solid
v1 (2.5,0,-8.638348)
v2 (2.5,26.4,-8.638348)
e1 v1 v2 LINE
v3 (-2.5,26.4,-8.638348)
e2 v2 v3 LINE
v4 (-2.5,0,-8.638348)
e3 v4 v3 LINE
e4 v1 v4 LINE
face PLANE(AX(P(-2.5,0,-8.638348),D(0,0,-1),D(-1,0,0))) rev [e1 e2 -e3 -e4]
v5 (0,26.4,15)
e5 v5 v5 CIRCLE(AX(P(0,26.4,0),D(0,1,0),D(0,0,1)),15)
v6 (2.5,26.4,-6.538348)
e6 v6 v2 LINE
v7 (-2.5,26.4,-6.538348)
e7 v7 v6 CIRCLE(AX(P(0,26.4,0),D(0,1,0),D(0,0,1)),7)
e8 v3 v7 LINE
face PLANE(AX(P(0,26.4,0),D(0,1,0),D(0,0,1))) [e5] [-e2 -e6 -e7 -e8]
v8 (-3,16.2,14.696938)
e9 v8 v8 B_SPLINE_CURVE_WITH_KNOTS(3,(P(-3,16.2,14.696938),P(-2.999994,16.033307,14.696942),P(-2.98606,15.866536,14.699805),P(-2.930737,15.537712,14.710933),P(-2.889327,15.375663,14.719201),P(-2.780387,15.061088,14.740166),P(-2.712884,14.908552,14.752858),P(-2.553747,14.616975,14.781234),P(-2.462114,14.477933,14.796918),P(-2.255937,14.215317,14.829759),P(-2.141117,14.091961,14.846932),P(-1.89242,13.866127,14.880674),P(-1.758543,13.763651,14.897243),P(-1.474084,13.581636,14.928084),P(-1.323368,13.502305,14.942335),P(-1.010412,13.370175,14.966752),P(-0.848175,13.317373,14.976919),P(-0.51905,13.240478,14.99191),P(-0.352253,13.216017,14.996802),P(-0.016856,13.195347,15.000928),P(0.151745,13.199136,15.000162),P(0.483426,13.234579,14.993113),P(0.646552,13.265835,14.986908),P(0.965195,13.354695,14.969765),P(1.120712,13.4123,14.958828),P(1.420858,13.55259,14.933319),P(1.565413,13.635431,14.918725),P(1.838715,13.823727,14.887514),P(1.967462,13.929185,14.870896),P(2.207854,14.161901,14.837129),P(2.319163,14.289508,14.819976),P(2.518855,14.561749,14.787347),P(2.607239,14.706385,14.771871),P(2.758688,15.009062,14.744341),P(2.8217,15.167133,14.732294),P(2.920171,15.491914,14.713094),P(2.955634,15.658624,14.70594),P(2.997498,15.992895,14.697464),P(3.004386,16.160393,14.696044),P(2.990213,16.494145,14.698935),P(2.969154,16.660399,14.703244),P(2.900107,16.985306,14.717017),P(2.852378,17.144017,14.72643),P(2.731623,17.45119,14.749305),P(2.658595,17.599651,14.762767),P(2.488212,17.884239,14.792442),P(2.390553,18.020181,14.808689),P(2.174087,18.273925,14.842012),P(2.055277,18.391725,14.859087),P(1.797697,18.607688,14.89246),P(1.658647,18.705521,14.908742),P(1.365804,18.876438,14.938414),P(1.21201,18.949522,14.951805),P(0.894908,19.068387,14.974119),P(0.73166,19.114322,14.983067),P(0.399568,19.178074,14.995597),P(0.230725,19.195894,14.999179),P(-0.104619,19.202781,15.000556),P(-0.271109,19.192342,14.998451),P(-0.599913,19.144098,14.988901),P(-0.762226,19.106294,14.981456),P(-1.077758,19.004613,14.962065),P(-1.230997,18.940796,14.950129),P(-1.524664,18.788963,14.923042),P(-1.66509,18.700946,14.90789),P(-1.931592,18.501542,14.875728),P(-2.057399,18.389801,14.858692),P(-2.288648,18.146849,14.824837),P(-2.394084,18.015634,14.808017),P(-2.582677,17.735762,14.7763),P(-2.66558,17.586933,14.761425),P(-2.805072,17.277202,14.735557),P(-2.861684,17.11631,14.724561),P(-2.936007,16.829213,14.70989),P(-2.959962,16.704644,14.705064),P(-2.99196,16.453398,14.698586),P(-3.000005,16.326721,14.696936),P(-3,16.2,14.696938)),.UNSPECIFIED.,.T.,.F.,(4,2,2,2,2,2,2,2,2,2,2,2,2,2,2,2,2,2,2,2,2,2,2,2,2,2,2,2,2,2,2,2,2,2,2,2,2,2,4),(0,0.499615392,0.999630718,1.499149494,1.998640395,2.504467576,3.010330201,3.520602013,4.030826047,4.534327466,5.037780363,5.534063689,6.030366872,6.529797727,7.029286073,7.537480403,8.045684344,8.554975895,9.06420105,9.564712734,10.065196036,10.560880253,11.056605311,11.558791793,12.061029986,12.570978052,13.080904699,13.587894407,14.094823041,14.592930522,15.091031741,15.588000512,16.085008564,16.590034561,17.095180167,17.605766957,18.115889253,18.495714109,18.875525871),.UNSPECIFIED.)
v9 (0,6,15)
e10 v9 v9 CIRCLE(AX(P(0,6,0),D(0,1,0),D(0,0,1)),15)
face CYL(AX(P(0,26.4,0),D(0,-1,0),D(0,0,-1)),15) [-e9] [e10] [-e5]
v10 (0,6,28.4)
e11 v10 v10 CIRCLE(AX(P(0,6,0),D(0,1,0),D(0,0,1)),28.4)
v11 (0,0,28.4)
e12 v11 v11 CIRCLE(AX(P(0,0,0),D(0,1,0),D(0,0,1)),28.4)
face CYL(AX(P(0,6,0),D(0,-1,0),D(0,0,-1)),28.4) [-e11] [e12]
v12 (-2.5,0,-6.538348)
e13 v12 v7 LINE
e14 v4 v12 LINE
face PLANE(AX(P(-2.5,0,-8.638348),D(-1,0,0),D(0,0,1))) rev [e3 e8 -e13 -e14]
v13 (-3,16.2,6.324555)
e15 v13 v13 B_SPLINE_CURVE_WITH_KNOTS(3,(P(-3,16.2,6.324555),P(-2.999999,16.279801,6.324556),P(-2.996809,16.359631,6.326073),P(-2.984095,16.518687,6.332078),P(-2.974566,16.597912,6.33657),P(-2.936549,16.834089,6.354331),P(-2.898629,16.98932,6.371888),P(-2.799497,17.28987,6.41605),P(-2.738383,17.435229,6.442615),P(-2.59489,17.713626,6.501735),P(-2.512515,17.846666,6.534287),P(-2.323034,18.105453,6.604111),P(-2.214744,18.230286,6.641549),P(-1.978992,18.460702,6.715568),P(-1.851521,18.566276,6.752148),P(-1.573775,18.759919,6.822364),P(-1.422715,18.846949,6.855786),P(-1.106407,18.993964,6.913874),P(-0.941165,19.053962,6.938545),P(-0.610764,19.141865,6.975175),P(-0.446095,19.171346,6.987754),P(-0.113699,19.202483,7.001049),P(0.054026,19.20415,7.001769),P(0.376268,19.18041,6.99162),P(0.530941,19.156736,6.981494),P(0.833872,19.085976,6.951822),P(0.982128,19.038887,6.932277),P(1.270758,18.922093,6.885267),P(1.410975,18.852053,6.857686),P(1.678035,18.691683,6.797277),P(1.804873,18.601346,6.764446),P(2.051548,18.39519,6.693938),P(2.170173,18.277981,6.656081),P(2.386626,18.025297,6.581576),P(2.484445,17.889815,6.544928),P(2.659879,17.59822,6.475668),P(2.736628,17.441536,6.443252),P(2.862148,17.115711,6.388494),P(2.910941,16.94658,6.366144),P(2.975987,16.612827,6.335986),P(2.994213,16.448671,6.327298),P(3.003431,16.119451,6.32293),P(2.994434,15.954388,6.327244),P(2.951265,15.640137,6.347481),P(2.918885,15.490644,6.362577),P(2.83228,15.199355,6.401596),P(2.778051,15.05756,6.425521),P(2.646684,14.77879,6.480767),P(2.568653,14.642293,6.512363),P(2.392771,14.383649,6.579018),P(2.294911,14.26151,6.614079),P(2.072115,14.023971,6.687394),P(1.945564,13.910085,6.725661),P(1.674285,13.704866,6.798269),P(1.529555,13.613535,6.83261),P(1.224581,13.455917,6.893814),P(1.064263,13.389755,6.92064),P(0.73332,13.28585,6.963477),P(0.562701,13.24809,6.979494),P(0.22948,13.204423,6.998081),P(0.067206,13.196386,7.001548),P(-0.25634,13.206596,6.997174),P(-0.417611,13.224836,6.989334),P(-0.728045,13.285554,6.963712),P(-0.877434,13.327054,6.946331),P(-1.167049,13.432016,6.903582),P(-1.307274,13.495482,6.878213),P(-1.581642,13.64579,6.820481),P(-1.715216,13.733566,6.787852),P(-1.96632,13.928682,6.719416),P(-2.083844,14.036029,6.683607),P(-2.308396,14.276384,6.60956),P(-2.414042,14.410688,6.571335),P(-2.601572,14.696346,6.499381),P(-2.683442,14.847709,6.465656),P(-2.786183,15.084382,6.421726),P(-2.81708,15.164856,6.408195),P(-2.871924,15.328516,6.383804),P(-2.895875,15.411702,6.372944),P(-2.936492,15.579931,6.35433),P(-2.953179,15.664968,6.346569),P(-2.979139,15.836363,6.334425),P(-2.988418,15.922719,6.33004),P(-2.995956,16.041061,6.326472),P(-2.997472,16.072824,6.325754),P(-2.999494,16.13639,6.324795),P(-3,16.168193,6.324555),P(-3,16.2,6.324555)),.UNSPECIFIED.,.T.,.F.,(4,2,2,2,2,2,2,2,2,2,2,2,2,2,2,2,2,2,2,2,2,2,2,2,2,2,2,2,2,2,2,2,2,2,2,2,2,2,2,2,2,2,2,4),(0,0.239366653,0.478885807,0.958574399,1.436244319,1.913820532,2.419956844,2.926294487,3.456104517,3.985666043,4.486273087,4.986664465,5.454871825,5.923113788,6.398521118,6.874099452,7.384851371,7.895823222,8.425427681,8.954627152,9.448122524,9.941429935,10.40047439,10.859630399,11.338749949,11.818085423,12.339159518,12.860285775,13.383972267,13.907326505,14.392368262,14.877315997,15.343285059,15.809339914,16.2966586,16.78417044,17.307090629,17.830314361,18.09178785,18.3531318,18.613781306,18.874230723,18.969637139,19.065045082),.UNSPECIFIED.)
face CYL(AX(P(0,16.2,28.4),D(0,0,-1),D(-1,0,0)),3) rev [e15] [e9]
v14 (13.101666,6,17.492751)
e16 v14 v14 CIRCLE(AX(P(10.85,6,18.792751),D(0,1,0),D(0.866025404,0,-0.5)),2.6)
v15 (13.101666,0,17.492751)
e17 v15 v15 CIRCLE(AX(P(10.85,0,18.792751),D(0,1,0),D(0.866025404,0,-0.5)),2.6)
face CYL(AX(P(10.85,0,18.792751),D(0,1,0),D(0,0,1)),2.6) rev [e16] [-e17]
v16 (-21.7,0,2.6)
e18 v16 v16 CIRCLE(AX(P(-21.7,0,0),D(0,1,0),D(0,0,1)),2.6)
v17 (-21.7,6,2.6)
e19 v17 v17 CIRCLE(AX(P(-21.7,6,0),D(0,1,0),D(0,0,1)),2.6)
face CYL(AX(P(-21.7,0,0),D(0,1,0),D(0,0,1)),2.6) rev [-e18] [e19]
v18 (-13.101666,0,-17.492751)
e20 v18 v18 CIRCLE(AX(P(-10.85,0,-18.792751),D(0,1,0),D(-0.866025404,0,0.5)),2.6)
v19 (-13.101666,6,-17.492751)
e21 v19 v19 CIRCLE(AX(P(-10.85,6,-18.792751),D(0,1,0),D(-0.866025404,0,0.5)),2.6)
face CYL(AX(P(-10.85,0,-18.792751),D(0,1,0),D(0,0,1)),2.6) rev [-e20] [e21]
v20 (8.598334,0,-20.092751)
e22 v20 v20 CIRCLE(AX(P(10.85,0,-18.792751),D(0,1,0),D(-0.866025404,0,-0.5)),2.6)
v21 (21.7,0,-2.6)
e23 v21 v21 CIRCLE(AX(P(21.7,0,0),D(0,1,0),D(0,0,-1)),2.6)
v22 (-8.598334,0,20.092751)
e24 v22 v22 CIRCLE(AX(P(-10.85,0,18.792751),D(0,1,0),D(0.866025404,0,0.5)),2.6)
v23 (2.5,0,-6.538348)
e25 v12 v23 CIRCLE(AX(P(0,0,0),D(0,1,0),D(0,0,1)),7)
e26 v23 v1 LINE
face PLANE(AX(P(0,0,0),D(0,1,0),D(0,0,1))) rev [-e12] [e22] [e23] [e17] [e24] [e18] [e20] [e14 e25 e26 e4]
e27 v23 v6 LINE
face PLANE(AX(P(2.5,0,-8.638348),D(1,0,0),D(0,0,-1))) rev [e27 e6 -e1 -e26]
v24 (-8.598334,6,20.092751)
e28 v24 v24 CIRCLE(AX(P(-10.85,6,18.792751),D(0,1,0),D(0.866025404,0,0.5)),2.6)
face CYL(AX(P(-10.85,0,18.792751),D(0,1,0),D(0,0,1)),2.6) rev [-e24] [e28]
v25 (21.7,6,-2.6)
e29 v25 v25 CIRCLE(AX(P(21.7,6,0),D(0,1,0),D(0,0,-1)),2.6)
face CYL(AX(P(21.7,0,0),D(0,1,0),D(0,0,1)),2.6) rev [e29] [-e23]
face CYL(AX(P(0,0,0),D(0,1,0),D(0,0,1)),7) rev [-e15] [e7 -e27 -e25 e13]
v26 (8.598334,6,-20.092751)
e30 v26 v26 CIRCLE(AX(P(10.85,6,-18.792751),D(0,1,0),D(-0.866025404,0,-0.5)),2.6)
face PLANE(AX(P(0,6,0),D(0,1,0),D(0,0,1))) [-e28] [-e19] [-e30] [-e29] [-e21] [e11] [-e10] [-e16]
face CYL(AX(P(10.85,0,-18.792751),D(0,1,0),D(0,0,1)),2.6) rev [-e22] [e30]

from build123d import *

# Parameters (mm, degrees)
SKETCH1_R           = 28.4
BOSS_EXTRUDE1_DEPTH = 6
SKETCH2_R           = 15
BOSS_EXTRUDE2_DEPTH = 20.4
CUT_EXTRUDE1_DEPTH  = 49.063291606
SKETCH4_R           = 3
CUT_EXTRUDE2_DEPTH  = 49.063291606
SKETCH5_R           = 2.6
CUT_EXTRUDE3_DEPTH  = 46.047530499
CIRPATTERN1_COUNT   = 6


with BuildPart() as part:
    # Sketch1 → Boss-Extrude1 (new body)
    with BuildSketch(Plane(origin=(0, 0, 0), x_dir=(1, 0, 0), z_dir=(0, 1, 0))):
        with Locations(Location((0, 0, 0), (0, 0, 270))):
            Circle(SKETCH1_R)
    extrude(amount=BOSS_EXTRUDE1_DEPTH)

    # Sketch2 → Boss-Extrude2 (add)
    with BuildSketch(Plane(origin=(0, 6, 0), x_dir=(1, 0, 0), z_dir=(0, 1, 0))):
        with Locations(Location((0, 0, 0), (0, 0, 270))):
            Circle(SKETCH2_R)
    extrude(amount=BOSS_EXTRUDE2_DEPTH)

    # Sketch3 → Cut-Extrude1 (cut, through all)
    with BuildSketch(Plane(origin=(0, 26.4, 0), x_dir=(1, 0, 0), z_dir=(0, 1, 0))):
        with BuildLine():
            Line((-2.5, 8.638348415), (2.5, 8.638348415))
            Line((2.5, 8.638348415), (2.5, 6.538348415))
            ThreePointArc((2.5, 6.538348415), (0, -7), (-2.5, 6.538348415))
            Line((-2.5, 6.538348415), (-2.5, 8.638348415))
        make_face()
    extrude(amount=-CUT_EXTRUDE1_DEPTH, mode=Mode.SUBTRACT)

    # Sketch4 → Cut-Extrude2 (cut, through all)
    with BuildSketch(Plane.XY):
        with Locations(Location((0, 16.2, 0), (0, 0, 180))):
            Circle(SKETCH4_R)
    extrude(amount=CUT_EXTRUDE2_DEPTH, mode=Mode.SUBTRACT)

    # Sketch5 → Cut-Extrude3 (cut, through all)
    with BuildSketch(Plane(origin=(0, 6, 0), x_dir=(1, 0, 0), z_dir=(0, 1, 0))):
        with Locations(Location((-21.7, 0, 0), (0, 0, 270))):
            Circle(SKETCH5_R)
    cut_extrude3 = extrude(amount=-CUT_EXTRUDE3_DEPTH, mode=Mode.SUBTRACT)

    # CirPattern1: Cut-Extrude3 ×6 about axis
    cirpattern1_axis = Axis((0, 0, 0), (0, 1, 0))
    for i in range(1, CIRPATTERN1_COUNT):
        add(cut_extrude3.rotate(cirpattern1_axis, i * 360 / CIRPATTERN1_COUNT), mode=Mode.SUBTRACT)


solid = part.part
